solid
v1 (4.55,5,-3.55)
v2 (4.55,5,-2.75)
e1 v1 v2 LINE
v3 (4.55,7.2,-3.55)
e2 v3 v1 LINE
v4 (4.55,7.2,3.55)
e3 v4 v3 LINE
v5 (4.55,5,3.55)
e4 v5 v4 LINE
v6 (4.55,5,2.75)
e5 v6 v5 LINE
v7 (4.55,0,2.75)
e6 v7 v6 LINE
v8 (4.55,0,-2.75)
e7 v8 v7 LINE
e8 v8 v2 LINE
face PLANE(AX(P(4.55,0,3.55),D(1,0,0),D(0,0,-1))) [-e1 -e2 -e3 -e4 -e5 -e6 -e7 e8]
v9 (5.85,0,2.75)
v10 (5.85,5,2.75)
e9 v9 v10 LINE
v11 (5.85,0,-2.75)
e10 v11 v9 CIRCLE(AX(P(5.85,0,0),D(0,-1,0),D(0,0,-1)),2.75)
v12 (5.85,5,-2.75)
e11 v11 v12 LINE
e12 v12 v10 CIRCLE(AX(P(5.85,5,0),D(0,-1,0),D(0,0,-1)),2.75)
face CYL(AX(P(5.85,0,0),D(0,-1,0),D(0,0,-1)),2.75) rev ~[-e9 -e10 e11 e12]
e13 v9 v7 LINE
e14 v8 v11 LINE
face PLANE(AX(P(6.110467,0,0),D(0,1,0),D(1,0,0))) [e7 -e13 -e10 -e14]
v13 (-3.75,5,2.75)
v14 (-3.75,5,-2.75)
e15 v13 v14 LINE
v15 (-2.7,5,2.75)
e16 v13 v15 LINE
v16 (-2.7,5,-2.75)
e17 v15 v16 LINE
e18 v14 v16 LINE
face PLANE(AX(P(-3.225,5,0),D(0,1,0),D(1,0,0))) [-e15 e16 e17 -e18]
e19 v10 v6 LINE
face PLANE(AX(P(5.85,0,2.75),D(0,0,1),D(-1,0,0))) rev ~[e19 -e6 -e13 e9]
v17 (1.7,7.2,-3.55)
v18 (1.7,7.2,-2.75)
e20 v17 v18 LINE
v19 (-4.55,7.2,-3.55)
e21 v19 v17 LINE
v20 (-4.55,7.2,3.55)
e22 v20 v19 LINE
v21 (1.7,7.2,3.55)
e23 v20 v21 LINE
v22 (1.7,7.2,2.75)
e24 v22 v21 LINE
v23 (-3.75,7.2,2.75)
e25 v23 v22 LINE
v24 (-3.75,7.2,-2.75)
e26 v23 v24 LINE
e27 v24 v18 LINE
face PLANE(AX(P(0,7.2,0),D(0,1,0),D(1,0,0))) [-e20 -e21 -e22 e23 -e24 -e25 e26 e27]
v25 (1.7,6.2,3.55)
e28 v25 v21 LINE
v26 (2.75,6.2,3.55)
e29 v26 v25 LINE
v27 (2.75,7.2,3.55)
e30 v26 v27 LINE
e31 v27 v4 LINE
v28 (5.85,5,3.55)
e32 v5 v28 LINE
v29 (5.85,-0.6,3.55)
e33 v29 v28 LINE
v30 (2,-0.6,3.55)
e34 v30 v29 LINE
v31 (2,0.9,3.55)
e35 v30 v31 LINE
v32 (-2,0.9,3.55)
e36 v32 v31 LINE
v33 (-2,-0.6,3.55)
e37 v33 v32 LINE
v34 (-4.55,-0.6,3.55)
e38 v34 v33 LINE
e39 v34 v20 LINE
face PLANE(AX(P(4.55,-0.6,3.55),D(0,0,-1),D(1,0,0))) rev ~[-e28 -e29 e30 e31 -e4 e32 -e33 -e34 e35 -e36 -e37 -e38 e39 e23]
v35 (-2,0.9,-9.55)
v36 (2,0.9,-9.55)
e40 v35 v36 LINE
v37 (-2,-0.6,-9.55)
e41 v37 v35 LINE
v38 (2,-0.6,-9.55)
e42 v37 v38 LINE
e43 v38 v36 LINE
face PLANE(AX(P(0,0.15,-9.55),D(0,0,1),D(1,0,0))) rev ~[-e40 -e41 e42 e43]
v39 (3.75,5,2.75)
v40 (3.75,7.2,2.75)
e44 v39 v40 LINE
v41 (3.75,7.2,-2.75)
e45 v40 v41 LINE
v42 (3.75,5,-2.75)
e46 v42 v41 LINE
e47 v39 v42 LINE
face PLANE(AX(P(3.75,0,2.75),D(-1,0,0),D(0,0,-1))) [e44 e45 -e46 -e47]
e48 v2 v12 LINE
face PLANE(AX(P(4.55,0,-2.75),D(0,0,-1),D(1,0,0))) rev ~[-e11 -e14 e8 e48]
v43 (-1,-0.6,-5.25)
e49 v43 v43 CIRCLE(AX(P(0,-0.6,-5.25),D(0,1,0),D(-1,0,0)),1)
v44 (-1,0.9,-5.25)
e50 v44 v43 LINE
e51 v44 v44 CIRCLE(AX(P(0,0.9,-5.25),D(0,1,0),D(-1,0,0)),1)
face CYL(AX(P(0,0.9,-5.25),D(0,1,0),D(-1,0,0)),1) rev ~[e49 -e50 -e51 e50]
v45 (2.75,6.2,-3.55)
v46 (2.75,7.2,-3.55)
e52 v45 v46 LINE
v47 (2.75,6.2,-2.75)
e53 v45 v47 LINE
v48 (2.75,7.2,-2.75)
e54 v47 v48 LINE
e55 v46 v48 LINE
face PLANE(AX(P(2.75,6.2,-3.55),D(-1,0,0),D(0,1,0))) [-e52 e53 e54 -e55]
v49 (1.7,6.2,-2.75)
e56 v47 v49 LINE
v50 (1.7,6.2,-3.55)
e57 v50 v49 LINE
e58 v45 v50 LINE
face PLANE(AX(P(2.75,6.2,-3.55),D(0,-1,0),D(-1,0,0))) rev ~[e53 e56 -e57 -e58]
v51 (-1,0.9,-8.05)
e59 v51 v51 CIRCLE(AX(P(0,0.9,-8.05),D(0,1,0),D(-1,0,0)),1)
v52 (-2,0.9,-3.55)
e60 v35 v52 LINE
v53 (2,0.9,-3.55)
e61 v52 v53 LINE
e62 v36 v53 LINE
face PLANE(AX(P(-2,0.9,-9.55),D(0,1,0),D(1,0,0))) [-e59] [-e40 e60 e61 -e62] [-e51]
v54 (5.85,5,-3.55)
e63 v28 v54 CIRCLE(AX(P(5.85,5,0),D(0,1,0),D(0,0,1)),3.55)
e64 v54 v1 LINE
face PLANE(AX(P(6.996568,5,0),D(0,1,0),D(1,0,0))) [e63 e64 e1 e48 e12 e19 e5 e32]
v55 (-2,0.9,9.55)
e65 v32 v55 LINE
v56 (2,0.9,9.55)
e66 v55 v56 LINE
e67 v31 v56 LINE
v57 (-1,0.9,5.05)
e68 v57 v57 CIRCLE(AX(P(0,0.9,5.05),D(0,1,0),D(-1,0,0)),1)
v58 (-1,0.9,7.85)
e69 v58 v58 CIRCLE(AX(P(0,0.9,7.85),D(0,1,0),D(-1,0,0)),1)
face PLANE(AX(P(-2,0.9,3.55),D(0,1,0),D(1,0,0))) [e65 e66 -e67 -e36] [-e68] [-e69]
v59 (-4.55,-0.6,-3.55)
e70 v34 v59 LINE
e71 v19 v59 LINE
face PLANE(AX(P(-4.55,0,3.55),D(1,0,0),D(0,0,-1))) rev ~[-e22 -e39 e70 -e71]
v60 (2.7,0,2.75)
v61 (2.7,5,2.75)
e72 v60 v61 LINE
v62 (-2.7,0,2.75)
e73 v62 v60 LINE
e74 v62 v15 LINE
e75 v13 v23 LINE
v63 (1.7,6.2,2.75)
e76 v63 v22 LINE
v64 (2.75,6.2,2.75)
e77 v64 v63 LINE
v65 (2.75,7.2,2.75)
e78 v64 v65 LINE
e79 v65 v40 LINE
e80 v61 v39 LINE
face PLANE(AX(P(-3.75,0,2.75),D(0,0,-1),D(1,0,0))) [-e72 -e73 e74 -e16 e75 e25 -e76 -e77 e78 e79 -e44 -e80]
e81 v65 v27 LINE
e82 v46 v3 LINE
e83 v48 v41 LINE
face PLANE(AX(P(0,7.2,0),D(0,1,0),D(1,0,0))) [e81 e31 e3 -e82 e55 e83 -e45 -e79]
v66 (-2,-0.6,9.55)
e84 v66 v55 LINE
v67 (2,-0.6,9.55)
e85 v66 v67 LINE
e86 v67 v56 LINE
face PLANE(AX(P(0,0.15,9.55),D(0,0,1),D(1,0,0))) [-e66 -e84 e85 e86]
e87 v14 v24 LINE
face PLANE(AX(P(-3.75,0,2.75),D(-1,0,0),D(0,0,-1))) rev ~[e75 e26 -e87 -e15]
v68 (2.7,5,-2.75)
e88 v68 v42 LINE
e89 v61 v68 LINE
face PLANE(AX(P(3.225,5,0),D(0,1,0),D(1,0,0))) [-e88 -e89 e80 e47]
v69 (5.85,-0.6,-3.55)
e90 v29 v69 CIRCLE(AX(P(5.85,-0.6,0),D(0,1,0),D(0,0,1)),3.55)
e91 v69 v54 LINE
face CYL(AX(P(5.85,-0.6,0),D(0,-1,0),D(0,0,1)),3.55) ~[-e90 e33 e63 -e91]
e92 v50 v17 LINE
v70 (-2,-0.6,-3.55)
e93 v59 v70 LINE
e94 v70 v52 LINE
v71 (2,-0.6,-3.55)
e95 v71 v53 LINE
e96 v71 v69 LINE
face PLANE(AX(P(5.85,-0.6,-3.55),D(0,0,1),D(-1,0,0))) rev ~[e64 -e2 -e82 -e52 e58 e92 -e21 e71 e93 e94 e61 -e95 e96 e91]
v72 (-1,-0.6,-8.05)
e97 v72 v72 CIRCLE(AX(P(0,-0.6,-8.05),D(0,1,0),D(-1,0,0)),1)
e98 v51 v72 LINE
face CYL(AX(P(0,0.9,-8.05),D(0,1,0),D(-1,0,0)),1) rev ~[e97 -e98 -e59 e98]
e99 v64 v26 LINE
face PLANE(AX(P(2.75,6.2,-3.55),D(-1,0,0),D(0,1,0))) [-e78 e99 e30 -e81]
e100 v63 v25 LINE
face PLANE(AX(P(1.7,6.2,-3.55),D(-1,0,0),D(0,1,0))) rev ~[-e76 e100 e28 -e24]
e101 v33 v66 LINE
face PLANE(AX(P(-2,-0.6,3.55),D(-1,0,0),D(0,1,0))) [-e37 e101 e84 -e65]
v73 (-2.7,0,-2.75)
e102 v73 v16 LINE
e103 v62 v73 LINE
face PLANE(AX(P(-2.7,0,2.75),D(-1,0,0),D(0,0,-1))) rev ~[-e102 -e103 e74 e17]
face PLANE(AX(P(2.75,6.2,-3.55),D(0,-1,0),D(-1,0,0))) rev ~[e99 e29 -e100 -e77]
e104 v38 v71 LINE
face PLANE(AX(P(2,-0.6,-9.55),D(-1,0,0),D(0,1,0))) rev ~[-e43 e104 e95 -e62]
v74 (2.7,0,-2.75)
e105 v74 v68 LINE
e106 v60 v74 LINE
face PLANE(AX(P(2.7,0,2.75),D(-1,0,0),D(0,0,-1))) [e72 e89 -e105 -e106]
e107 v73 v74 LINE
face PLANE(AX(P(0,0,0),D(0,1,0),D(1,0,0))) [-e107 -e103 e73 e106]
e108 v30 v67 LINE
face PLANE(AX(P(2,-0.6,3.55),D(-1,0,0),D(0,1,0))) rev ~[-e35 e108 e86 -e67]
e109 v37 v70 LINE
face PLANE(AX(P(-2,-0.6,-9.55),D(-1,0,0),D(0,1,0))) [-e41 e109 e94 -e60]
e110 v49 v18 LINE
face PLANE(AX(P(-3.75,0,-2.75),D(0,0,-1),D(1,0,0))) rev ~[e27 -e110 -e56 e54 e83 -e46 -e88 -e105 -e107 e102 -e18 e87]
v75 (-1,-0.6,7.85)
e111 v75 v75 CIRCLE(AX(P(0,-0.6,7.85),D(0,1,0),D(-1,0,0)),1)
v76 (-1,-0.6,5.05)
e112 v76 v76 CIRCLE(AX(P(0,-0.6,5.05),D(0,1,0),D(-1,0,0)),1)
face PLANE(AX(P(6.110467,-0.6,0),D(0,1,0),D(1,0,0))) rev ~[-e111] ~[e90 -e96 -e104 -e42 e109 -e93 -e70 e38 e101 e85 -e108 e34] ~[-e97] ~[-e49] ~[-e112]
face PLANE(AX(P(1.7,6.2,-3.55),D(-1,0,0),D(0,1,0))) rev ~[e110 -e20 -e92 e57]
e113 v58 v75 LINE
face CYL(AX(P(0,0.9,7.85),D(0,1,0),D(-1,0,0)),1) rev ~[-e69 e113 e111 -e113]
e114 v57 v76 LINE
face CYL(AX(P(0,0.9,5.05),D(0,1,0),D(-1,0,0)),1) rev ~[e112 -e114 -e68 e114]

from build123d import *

# Parameters (mm, degrees)
EXTRUDE_1_DEPTH        = 7.2
SKETCH_1_3_W           = 1.05
SKETCH_1_3_H           = 5.5
EXTRUDE_2_DEPTH        = 5
SKETCH_1_4_W           = 9.1
SKETCH_1_4_H           = 7.1
EXTRUDE_3_DEPTH        = 0.6
EXTRUDE_4_DEPTH        = 5
EXTRUDE_START          = -0.6
EXTRUDE_5_DEPTH        = 0.6
SKETCH_2_W             = 1.05
SKETCH_2_H             = 1
CUT_EXTRUDE_1_DEPTH    = 7.1
SKETCH_4_W             = 4
SKETCH_4_H             = 1.5
EXTRUDE_7_DEPTH        = 6
SKETCH_5_R             = 1
CUT_EXTRUDE_2_DEPTH    = 1.5
PATTERN_LINEAR_2_COUNT = 2
PATTERN_LINEAR_2_PITCH = 13.1


with BuildPart() as part:
    # Эскиз1 → Бобышка-Вытянуть1 (new body)
    with BuildSketch(Plane(origin=(0, 0, 0), x_dir=(1, 0, 0), z_dir=(0, 1, 0))):
        Polygon((4.55, -2.75), (4.55, 2.75), (4.55, 3.55), (-4.55, 3.55), (-4.55, -3.55), (4.55, -3.55), align=None)
        Polygon((-2.7, -2.75), (-3.75, -2.75), (-3.75, 2.75), (-2.7, 2.75), (2.7, 2.75), (3.75, 2.75), (3.75, -2.75), (2.7, -2.75), align=None, mode=Mode.SUBTRACT)
    extrude(amount=EXTRUDE_1_DEPTH)

    # Эскиз1<3> → Бобышка-Вытянуть2 (add)
    with BuildSketch(Plane(origin=(0, 0, 0), x_dir=(1, 0, 0), z_dir=(0, 1, 0))):
        with Locations((-3.225, 0)):
            Rectangle(SKETCH_1_3_W, SKETCH_1_3_H)
        with Locations((3.225, 0)):
            Rectangle(SKETCH_1_3_W, SKETCH_1_3_H)
    extrude(amount=EXTRUDE_2_DEPTH)

    # Эскиз1<4> → Бобышка-Вытянуть3 (add)
    with BuildSketch(Plane(origin=(0, 0, 0), x_dir=(1, 0, 0), z_dir=(0, 1, 0))):
        Rectangle(SKETCH_1_4_W, SKETCH_1_4_H)
    extrude(amount=-EXTRUDE_3_DEPTH)

    # Эскиз1<5> → Бобышка-Вытянуть4 (add)
    with BuildSketch(Plane(origin=(0, 0, 0), x_dir=(1, 0, 0), z_dir=(0, 1, 0))):
        with BuildLine():
            Line((4.55, 3.55), (4.55, 2.75))
            Line((4.55, 2.75), (5.85, 2.75))
            ThreePointArc((5.85, 2.75), (8.6, 0), (5.85, -2.75))
            Line((5.85, -2.75), (4.55, -2.75))
            Line((4.55, -2.75), (4.55, -3.55))
            Line((4.55, -3.55), (5.85, -3.55))
            ThreePointArc((5.85, -3.55), (9.4, 0), (5.85, 3.55))
            Line((5.85, 3.55), (4.55, 3.55))
        make_face()
    extrude(amount=EXTRUDE_4_DEPTH)

    # Эскиз1<6> → Бобышка-Вытянуть5 (add)
    with BuildSketch(Plane(origin=(0, 0, 0), x_dir=(1, 0, 0), z_dir=(0, 1, 0)).offset(EXTRUDE_START)):
        with BuildLine():
            Line((4.55, 3.55), (4.55, -3.55))
            Line((4.55, -3.55), (5.85, -3.55))
            ThreePointArc((5.85, -3.55), (9.4, 0), (5.85, 3.55))
            Line((5.85, 3.55), (4.55, 3.55))
        make_face()
    extrude(amount=EXTRUDE_5_DEPTH)

    # Эскиз2 → Вырез-Вытянуть1 (cut)
    with BuildSketch(Plane(origin=(0, 0, -3.55), x_dir=(-1, 0, 0), z_dir=(0, 0, -1))):
        with Locations((-2.225, 6.7)):
            Rectangle(SKETCH_2_W, SKETCH_2_H)
    extrude(amount=-CUT_EXTRUDE_1_DEPTH, mode=Mode.SUBTRACT)

    # Эскиз4 → Бобышка-Вытянуть7 (add)
    with BuildSketch(Plane.XY.offset(3.55)):
        with Locations((0, 0.15)):
            Rectangle(SKETCH_4_W, SKETCH_4_H)
    extrude_7 = extrude(amount=EXTRUDE_7_DEPTH)

    # Эскиз5 → Вырез-Вытянуть2 (cut)
    with BuildSketch(Plane(origin=(0, 0.9, 0), x_dir=(1, 0, 0), z_dir=(0, 1, 0))):
        with Locations((0, -5.05)):
            Circle(SKETCH_5_R)
        with Locations((0, -7.85)):
            Circle(SKETCH_5_R)
    cut_extrude_2 = extrude(amount=-CUT_EXTRUDE_2_DEPTH, mode=Mode.SUBTRACT)

    # Линейный массив2: Бобышка-Вытянуть7, Вырез-Вытянуть2 ×2
    with Locations(*[(0, 0, -i * PATTERN_LINEAR_2_PITCH) for i in range(1, PATTERN_LINEAR_2_COUNT)]):
        add(extrude_7)
        add(cut_extrude_2, mode=Mode.SUBTRACT)


solid = part.part
